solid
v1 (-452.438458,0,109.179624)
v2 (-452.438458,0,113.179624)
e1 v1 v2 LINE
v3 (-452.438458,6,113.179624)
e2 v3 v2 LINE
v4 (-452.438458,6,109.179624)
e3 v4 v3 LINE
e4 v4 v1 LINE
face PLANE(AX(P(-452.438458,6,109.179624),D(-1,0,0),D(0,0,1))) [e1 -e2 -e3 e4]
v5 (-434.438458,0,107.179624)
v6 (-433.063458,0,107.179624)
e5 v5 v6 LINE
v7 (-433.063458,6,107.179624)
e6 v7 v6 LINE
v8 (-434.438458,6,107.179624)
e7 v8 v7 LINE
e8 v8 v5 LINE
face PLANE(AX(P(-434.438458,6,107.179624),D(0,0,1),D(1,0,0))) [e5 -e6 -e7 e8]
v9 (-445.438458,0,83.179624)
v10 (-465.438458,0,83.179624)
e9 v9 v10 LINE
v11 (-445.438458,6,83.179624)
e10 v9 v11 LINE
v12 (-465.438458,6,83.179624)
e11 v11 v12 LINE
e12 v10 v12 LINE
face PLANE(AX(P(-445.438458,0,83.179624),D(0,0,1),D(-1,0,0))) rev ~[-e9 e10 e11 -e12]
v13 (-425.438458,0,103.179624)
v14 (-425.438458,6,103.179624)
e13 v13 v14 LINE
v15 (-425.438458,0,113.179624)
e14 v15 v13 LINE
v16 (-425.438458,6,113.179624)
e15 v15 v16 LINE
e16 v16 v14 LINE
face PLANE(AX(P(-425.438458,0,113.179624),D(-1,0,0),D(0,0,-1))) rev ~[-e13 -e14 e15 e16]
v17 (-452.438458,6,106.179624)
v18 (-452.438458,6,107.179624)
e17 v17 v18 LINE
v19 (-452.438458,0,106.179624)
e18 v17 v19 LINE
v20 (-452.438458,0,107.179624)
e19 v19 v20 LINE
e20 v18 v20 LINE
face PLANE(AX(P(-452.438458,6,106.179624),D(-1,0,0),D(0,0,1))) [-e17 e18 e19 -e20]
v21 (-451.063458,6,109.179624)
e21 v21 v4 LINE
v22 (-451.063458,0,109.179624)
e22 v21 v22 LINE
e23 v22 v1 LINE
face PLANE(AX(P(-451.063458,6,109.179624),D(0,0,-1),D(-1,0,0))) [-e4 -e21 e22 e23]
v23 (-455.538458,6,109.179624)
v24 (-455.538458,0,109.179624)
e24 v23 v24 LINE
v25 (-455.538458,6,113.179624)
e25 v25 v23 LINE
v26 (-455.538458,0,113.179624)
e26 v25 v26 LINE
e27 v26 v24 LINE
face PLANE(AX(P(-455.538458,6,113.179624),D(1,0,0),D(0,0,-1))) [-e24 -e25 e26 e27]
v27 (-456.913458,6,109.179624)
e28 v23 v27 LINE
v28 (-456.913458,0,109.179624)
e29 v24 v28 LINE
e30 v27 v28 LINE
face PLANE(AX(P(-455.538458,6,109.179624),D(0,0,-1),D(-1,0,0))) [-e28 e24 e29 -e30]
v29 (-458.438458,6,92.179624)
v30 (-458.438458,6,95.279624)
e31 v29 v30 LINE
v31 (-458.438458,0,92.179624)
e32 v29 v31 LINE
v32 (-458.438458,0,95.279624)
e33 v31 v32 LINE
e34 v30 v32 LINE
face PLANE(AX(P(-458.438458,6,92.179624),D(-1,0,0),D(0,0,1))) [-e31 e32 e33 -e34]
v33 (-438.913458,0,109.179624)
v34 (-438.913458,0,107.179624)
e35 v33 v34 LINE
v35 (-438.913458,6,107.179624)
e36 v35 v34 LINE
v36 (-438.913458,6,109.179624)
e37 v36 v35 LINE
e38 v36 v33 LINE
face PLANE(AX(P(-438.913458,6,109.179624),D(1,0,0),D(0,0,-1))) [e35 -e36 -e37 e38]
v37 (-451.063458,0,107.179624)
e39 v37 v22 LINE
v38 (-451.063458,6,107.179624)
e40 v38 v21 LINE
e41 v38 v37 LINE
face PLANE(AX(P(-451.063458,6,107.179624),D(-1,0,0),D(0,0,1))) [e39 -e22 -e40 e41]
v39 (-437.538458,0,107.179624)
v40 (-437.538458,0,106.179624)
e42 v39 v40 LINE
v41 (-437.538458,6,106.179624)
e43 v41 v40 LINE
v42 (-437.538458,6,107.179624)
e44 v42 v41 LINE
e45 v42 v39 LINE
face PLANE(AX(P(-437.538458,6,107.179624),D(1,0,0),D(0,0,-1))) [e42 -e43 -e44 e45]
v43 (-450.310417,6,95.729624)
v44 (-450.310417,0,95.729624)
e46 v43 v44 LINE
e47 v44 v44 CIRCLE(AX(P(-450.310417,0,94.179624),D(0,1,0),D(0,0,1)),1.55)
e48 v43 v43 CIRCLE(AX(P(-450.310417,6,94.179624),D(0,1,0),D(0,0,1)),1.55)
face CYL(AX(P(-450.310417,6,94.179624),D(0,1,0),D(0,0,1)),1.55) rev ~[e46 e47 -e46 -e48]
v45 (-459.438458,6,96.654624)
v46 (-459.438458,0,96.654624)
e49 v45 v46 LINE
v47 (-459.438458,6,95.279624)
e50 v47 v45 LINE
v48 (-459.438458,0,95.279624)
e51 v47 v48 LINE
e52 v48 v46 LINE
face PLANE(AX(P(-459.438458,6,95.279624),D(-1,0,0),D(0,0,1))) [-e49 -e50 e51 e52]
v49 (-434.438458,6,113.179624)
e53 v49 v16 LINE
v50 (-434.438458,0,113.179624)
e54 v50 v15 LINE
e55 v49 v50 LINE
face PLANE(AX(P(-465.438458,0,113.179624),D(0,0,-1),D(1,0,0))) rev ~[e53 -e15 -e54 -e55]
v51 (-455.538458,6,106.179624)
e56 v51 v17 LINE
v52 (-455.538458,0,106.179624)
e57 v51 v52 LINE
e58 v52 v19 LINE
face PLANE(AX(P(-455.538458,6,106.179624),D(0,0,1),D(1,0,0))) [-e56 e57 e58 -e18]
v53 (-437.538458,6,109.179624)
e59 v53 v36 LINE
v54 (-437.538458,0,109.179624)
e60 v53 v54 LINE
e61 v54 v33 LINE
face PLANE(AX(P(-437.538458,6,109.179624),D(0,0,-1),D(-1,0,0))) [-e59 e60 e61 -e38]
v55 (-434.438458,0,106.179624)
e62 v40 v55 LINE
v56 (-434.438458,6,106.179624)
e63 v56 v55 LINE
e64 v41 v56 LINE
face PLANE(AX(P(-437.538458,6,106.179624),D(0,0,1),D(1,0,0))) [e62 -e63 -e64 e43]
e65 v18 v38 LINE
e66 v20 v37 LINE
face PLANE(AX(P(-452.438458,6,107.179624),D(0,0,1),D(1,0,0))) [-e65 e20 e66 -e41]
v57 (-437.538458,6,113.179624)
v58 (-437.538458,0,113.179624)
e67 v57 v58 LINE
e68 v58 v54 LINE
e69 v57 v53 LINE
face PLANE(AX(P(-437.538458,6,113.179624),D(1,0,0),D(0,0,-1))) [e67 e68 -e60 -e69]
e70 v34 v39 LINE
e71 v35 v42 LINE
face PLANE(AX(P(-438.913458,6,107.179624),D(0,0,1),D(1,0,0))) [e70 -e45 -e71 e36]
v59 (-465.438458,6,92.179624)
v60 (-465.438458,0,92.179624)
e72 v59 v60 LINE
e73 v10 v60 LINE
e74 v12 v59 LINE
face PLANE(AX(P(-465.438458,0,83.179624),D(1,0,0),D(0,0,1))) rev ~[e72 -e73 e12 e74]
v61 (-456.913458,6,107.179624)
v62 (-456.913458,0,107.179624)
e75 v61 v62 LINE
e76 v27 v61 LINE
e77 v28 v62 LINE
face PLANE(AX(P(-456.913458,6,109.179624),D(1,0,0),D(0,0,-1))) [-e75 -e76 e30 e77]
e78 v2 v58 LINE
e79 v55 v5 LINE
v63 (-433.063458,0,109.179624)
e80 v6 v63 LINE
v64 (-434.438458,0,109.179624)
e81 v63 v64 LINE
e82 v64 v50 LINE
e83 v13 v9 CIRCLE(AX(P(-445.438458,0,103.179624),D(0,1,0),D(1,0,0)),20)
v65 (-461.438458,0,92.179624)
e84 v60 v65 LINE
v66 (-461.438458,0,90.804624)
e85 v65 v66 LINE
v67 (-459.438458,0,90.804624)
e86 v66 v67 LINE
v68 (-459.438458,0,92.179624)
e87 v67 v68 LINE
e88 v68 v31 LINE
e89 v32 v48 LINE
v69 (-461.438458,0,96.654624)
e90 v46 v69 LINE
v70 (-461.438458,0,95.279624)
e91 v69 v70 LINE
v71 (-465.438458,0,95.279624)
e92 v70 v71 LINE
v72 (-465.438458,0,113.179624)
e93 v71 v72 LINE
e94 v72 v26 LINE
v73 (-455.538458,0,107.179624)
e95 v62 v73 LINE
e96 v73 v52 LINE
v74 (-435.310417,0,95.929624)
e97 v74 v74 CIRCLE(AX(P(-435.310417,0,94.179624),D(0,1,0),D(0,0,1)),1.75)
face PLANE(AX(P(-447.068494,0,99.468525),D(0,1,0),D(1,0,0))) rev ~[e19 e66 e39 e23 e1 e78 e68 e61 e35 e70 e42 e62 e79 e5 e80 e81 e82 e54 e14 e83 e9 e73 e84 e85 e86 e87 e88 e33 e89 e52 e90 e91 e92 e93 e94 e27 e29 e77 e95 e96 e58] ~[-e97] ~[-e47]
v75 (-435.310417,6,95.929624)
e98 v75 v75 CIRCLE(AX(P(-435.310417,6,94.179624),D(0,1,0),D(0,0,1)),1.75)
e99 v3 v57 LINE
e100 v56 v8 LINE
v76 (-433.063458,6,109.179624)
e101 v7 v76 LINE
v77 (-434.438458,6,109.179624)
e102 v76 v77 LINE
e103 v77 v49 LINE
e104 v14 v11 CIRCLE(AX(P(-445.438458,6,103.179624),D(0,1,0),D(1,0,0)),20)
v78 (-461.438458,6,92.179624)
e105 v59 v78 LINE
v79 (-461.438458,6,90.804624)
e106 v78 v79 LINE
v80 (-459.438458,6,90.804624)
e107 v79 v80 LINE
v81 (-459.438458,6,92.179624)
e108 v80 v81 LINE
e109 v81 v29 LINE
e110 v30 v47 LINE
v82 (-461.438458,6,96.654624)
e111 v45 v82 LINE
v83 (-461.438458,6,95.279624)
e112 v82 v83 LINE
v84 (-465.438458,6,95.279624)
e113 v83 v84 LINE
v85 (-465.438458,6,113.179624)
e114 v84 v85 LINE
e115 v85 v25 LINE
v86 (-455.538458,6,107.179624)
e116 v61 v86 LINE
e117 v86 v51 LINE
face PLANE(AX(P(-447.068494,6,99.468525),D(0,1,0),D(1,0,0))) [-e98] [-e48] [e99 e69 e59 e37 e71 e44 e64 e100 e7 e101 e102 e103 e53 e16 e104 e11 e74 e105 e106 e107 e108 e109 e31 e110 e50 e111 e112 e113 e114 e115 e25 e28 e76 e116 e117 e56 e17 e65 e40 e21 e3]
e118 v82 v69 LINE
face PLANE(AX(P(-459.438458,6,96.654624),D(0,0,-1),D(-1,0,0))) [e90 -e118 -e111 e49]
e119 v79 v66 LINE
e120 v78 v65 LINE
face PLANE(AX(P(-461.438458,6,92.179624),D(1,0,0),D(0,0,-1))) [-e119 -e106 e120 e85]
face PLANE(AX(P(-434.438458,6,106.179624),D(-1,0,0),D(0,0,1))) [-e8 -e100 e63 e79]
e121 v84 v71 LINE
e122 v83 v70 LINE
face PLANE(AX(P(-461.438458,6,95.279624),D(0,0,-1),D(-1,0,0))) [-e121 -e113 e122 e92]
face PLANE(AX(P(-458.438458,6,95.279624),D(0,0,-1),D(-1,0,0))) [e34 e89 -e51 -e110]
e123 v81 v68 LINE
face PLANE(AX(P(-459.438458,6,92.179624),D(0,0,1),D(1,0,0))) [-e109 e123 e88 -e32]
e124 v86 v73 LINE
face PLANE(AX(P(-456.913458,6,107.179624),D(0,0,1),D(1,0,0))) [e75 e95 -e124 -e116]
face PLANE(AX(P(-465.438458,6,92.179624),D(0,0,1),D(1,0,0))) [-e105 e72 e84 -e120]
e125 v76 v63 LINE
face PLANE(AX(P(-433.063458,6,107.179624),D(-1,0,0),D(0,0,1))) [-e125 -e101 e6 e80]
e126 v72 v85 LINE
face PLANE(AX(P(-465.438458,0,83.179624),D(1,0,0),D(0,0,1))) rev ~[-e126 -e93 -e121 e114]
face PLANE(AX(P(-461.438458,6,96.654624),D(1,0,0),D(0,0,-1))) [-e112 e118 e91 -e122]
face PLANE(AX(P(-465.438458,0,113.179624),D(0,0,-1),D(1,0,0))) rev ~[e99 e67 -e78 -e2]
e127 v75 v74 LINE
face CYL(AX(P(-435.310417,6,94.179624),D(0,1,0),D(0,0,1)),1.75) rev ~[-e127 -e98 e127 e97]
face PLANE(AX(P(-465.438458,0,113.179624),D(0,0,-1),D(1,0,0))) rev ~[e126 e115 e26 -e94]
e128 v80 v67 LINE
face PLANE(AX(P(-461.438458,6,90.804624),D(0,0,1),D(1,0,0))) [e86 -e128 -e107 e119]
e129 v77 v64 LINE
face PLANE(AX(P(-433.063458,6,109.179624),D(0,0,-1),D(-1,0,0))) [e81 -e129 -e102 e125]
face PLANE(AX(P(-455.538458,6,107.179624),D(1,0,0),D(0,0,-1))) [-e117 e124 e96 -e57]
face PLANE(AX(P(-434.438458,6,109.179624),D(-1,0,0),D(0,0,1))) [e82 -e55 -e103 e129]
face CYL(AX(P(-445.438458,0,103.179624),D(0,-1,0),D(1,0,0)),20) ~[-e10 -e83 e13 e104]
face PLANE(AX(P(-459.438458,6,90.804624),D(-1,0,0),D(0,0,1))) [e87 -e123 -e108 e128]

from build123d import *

# Parameters (mm, degrees)
DODANIE_WYCI_GNI_CIE1_DEPTH = 6
WYTNIJ_WYCI_GNI_CIE1_DEPTH  = 6
SZYK_LINIOWY1_COUNT         = 2
SZYK_LINIOWY1_PITCH         = 18
WYTNIJ_WYCI_GNI_CIE2_DEPTH  = 6
SZKIC6_R                    = 1.75
SZKIC6_R_2                  = 1.55
WYTNIJ_WYCI_GNI_CIE3_DEPTH  = 6


with BuildPart() as part:
    # Szkic3 → Dodanie-wyciągnięcie1 (new body)
    with BuildSketch(Plane(origin=(0, 0, 0), x_dir=(1, 0, 0), z_dir=(0, 1, 0))):
        with BuildLine():
            Line((-425.43845817, -113.179624371), (-425.43845817, -103.179624371))
            ThreePointArc((-425.43845817, -103.179624371), (-431.296322547, -89.037488748), (-445.43845817, -83.179624371))
            Line((-445.43845817, -83.179624371), (-465.43845817, -83.179624371))
            Line((-465.43845817, -83.179624371), (-465.43845817, -113.179624371))
            Line((-465.43845817, -113.179624371), (-425.43845817, -113.179624371))
        make_face()
    extrude(amount=DODANIE_WYCI_GNI_CIE1_DEPTH)

    # Szkic4 → Wytnij-wyciągnięcie1 (cut)
    with BuildSketch(Plane(origin=(0, 6, 0), x_dir=(1, 0, 0), z_dir=(0, 1, 0))):
        Polygon((-434.43845817, -113.179624371), (-437.53845817, -113.179624371), (-437.53845817, -109.179624371), (-438.91345817, -109.179624371), (-438.91345817, -107.179624371), (-437.53845817, -107.179624371), (-437.53845817, -106.179624371), (-434.43845817, -106.179624371), (-434.43845817, -107.179624371), (-433.06345817, -107.179624371), (-433.06345817, -109.179624371), (-434.43845817, -109.179624371), align=None)
    wytnij_wyci_gni_cie1 = extrude(amount=-WYTNIJ_WYCI_GNI_CIE1_DEPTH, mode=Mode.SUBTRACT)

    # Szyk liniowy1: Wytnij-wyciągnięcie1 ×2
    with Locations(*[(-i * SZYK_LINIOWY1_PITCH, 0, 0) for i in range(1, SZYK_LINIOWY1_COUNT)]):
        add(wytnij_wyci_gni_cie1, mode=Mode.SUBTRACT)

    # Szkic5 → Wytnij-wyciągnięcie2 (cut)
    with BuildSketch(Plane(origin=(0, 6, 0), x_dir=(1, 0, 0), z_dir=(0, 1, 0))):
        Polygon((-465.43845817, -95.279624371), (-465.43845817, -92.179624371), (-461.43845817, -92.179624371), (-461.43845817, -90.804624371), (-459.43845817, -90.804624371), (-459.43845817, -92.179624371), (-458.43845817, -92.179624371), (-458.43845817, -95.279624371), (-459.43845817, -95.279624371), (-459.43845817, -96.654624371), (-461.43845817, -96.654624371), (-461.43845817, -95.279624371), align=None)
    extrude(amount=-WYTNIJ_WYCI_GNI_CIE2_DEPTH, mode=Mode.SUBTRACT)

    # Szkic6 → Wytnij-wyciągnięcie3 (cut)
    with BuildSketch(Plane(origin=(0, 6, 0), x_dir=(1, 0, 0), z_dir=(0, 1, 0))):
        with Locations(Location((-435.310416703, -94.179624371, 0), (0, 0, 270))):
            Circle(SZKIC6_R)
        with Locations(Location((-450.310416703, -94.179624371, 0), (0, 0, 270))):
            Circle(SZKIC6_R_2)
    extrude(amount=-WYTNIJ_WYCI_GNI_CIE3_DEPTH, mode=Mode.SUBTRACT)


solid = part.part
